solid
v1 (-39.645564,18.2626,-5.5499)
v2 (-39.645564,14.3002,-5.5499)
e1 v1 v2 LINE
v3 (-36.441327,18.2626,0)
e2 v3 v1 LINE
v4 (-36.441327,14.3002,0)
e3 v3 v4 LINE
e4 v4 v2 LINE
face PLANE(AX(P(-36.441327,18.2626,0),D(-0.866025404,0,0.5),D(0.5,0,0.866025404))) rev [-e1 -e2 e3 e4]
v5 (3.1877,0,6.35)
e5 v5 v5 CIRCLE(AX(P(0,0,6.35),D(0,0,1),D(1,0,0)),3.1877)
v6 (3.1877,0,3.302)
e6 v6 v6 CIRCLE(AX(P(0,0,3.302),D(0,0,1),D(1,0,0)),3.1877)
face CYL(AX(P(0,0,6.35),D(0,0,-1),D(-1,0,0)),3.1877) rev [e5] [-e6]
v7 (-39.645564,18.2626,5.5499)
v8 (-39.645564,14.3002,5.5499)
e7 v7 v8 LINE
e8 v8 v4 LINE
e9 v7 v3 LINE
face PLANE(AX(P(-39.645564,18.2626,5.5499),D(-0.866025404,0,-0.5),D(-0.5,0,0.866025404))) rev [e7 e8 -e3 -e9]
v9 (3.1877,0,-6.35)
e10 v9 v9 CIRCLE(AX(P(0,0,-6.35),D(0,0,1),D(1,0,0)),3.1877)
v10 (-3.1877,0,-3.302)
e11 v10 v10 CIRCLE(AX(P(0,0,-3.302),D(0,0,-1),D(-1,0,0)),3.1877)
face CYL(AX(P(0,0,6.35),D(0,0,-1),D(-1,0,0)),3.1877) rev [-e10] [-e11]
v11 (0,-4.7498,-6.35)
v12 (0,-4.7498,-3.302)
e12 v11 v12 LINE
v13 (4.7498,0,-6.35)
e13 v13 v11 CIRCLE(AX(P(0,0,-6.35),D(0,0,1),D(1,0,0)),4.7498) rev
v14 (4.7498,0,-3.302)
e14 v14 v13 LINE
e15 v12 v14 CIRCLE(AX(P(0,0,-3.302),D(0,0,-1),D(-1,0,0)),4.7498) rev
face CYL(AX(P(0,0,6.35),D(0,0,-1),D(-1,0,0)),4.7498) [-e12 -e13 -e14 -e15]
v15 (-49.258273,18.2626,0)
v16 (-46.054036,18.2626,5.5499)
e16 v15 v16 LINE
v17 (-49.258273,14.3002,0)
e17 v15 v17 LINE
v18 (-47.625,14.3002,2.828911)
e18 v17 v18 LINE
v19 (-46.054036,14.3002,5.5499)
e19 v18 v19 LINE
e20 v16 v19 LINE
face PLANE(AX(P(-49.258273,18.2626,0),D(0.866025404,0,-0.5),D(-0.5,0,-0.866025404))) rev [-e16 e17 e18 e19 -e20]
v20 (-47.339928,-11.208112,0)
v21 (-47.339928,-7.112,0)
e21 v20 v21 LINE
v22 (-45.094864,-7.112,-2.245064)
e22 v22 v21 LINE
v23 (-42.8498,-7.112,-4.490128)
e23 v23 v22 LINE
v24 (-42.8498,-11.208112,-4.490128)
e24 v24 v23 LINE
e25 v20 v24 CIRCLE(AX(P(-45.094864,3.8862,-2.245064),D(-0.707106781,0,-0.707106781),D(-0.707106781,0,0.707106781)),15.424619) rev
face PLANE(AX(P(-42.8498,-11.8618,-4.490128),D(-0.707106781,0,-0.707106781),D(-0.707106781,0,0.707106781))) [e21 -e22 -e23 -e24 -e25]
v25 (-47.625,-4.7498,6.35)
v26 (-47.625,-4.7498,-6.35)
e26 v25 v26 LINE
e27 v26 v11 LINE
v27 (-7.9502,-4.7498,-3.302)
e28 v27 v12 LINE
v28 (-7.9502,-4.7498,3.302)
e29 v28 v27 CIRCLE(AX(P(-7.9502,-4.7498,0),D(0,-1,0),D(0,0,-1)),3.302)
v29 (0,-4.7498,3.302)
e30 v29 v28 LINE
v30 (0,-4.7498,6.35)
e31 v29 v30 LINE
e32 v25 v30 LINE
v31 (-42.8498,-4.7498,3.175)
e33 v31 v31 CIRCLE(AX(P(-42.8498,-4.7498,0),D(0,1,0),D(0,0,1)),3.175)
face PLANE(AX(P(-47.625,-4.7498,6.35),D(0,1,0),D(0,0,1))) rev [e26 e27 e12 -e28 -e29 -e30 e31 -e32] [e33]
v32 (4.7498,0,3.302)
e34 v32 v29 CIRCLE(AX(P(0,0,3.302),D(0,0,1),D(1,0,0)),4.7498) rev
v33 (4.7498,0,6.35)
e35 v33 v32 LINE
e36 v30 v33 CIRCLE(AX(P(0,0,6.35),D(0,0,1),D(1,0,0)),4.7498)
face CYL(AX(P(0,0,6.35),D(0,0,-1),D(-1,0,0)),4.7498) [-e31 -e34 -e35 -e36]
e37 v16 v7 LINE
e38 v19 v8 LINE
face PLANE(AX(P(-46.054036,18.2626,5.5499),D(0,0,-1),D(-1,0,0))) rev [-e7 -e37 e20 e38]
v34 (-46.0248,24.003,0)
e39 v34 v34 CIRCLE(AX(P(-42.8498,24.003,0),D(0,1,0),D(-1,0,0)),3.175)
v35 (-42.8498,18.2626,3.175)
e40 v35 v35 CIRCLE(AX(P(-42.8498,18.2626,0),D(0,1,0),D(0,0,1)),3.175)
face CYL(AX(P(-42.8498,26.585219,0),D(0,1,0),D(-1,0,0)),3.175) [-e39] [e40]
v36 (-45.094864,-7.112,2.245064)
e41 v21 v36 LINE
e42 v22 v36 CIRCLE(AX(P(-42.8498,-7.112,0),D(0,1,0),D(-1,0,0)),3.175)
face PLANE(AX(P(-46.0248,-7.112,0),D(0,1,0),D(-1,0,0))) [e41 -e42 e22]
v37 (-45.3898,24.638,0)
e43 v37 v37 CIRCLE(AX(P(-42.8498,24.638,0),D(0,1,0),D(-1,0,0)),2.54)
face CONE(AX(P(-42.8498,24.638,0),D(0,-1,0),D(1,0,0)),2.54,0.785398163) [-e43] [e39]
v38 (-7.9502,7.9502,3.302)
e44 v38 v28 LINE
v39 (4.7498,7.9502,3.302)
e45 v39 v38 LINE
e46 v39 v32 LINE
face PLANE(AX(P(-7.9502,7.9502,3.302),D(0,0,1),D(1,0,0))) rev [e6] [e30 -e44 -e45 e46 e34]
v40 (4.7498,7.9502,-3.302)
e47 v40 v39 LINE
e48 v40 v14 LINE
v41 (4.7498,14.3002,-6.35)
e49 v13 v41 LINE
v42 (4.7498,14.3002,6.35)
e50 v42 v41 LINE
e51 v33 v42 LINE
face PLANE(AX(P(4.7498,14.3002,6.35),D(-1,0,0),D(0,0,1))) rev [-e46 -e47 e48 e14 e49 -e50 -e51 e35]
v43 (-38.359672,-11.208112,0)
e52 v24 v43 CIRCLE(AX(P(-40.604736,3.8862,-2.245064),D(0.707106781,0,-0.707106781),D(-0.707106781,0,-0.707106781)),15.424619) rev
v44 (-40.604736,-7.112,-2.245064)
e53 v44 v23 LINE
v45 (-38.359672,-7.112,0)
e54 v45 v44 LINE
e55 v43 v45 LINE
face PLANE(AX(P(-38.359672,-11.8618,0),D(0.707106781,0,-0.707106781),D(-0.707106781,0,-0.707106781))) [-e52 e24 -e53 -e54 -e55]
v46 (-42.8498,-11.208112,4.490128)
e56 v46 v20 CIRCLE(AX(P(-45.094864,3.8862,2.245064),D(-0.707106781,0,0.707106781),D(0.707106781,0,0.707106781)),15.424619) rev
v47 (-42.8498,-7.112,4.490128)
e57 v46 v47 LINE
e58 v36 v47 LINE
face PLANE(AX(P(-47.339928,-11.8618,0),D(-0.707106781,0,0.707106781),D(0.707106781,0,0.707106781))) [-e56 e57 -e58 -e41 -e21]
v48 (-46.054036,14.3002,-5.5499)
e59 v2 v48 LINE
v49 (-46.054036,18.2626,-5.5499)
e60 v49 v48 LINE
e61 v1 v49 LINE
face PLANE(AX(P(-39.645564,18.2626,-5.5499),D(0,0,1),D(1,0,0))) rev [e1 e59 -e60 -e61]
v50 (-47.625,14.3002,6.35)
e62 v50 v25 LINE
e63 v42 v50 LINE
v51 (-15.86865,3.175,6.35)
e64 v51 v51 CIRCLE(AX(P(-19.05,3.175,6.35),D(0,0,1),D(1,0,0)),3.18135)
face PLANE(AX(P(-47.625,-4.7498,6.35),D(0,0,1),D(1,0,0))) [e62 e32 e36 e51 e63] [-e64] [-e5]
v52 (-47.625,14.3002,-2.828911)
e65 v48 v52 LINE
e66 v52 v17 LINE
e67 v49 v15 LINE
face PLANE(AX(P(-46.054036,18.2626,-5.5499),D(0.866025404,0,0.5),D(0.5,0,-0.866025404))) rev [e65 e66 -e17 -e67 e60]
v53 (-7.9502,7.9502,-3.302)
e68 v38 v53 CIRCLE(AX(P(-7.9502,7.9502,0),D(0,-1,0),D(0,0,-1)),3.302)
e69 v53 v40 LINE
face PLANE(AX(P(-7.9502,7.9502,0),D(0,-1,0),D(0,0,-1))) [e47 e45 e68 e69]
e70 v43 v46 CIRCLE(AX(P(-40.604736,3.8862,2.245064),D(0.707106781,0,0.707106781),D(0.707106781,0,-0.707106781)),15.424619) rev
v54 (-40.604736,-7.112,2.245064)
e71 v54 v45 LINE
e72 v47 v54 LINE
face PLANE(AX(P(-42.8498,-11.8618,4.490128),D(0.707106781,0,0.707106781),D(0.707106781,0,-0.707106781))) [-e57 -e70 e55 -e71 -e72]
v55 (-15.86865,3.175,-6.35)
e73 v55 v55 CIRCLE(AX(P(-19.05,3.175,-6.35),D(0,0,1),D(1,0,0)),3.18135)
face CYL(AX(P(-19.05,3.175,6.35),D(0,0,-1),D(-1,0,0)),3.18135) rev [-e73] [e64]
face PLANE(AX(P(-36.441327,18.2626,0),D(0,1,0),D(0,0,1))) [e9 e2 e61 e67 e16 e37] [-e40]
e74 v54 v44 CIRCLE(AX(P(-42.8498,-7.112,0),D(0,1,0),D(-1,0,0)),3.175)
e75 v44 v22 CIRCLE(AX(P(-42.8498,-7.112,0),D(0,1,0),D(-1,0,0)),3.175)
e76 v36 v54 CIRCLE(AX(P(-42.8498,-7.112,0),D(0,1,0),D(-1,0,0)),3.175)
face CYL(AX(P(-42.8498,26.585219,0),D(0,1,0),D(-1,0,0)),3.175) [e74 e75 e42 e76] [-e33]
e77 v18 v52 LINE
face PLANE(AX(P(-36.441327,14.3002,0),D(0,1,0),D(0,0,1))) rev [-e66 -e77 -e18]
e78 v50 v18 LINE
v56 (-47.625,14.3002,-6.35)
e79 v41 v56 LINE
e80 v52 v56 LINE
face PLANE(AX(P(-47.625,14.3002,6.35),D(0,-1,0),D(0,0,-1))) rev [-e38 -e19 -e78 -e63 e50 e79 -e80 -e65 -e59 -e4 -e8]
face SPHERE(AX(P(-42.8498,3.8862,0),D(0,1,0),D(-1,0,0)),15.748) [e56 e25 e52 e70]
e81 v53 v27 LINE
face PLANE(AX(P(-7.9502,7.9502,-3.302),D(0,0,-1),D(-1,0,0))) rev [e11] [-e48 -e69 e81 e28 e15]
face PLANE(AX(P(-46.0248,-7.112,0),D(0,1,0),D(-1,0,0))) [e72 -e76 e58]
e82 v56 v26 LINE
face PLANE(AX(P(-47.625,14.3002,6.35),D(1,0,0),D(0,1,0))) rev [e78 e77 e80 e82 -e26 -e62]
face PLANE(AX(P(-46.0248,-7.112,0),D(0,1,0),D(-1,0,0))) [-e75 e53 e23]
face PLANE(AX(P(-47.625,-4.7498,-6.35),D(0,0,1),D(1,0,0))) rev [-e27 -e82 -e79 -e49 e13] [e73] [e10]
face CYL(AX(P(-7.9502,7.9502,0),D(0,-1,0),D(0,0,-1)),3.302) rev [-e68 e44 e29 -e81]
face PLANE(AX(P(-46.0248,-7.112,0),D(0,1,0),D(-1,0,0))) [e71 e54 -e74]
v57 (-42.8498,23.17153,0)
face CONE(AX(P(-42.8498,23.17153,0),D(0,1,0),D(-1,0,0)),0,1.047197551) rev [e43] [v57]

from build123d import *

# Parameters (mm, degrees)
SKETCH11_W         = 52.3748
SKETCH11_H         = 19.05
SKETCH11_R         = 3.1877
SKETCH11_R_2       = 3.18135
EXTRUDE3_DEPTH     = 6.35
CUT_EXTRUDE1_DEPTH = 12.7
FILLET1_R          = 4.7498
EXTRUDE4_DEPTH     = 3.9624
SKETCH15_R         = 10.473643108
CUT_EXTRUDE2_DEPTH = 5.7498


with BuildPart() as part:
    # Sketch11 → Extrude3 (new body, symmetric)
    with BuildSketch(Plane.XY):
        with Locations((-21.4376, 4.7752)):
            Rectangle(SKETCH11_W, SKETCH11_H)
        Circle(SKETCH11_R, mode=Mode.SUBTRACT)
        with Locations((-19.05, 3.175)):
            Circle(SKETCH11_R_2, mode=Mode.SUBTRACT)
    extrude(amount=EXTRUDE3_DEPTH, both=True)

    # Sketch12 → Cut-Extrude1 (cut)
    with BuildSketch(Plane.XZ.offset(4.7498)):
        with BuildLine():
            Line((-7.9502, 3.302), (4.7498, 3.302))
            Line((4.7498, 3.302), (4.7498, -3.302))
            Line((4.7498, -3.302), (-7.9502, -3.302))
            ThreePointArc((-7.9502, -3.302), (-11.2522, 0), (-7.9502, 3.302))
        make_face()
    extrude(amount=-CUT_EXTRUDE1_DEPTH, mode=Mode.SUBTRACT)

    # Fillet1
    fillet1_edges = [part.edges().sort_by_distance(p)[0] for p in [
        (4.7498, -4.7498, -4.826),
        (4.7498, -4.7498, 4.826),
    ]]
    fillet(fillet1_edges, radius=FILLET1_R)

    # Sketch13 → Extrude4 (add)
    with BuildSketch(Plane(origin=(0, 14.3002, 0), x_dir=(1, 0, 0), z_dir=(0, 1, 0))):
        Polygon((-36.441327482, 0), (-39.645563741, 5.5499), (-46.054036259, 5.5499), (-49.258272518, 0), (-46.054036259, -5.5499), (-39.645563741, -5.5499), align=None)
    extrude(amount=EXTRUDE4_DEPTH)

    # Sketch14 → Revolve2 (revolve)
    with BuildSketch(Plane.XY):
        with BuildLine():
            Line((-42.8498, 23.171530316), (-45.3898, 24.638))
            Line((-45.3898, 24.638), (-46.0248, 24.003))
            Line((-46.0248, 24.003), (-46.0248, -7.112))
            Line((-46.0248, -7.112), (-53.323443108, -7.112))
            Line((-53.323443108, -7.112), (-53.323443108, -7.874))
            ThreePointArc((-53.323443108, -7.874), (-48.453364687, -10.831121998), (-42.8498, -11.8618))
            Line((-42.8498, -11.8618), (-42.8498, 23.171530316))
        make_face()
    revolve(axis=Axis((-42.8498, 26.585218564, 0), (0, -1, 0)))

    # Sketch15 → Cut-Extrude2 (cut, through all)
    with BuildSketch(Plane(origin=(0, -7.112, 0), x_dir=(1, 0, 0), z_dir=(0, 1, 0))):
        with Locations((-42.8498, 0)):
            Circle(SKETCH15_R)
        Polygon((-42.8498, 4.490128061), (-47.339928061, 0), (-42.8498, -4.490128061), (-38.359671939, 0), align=None, mode=Mode.SUBTRACT)
    extrude(amount=-CUT_EXTRUDE2_DEPTH, mode=Mode.SUBTRACT)


solid = part.part
